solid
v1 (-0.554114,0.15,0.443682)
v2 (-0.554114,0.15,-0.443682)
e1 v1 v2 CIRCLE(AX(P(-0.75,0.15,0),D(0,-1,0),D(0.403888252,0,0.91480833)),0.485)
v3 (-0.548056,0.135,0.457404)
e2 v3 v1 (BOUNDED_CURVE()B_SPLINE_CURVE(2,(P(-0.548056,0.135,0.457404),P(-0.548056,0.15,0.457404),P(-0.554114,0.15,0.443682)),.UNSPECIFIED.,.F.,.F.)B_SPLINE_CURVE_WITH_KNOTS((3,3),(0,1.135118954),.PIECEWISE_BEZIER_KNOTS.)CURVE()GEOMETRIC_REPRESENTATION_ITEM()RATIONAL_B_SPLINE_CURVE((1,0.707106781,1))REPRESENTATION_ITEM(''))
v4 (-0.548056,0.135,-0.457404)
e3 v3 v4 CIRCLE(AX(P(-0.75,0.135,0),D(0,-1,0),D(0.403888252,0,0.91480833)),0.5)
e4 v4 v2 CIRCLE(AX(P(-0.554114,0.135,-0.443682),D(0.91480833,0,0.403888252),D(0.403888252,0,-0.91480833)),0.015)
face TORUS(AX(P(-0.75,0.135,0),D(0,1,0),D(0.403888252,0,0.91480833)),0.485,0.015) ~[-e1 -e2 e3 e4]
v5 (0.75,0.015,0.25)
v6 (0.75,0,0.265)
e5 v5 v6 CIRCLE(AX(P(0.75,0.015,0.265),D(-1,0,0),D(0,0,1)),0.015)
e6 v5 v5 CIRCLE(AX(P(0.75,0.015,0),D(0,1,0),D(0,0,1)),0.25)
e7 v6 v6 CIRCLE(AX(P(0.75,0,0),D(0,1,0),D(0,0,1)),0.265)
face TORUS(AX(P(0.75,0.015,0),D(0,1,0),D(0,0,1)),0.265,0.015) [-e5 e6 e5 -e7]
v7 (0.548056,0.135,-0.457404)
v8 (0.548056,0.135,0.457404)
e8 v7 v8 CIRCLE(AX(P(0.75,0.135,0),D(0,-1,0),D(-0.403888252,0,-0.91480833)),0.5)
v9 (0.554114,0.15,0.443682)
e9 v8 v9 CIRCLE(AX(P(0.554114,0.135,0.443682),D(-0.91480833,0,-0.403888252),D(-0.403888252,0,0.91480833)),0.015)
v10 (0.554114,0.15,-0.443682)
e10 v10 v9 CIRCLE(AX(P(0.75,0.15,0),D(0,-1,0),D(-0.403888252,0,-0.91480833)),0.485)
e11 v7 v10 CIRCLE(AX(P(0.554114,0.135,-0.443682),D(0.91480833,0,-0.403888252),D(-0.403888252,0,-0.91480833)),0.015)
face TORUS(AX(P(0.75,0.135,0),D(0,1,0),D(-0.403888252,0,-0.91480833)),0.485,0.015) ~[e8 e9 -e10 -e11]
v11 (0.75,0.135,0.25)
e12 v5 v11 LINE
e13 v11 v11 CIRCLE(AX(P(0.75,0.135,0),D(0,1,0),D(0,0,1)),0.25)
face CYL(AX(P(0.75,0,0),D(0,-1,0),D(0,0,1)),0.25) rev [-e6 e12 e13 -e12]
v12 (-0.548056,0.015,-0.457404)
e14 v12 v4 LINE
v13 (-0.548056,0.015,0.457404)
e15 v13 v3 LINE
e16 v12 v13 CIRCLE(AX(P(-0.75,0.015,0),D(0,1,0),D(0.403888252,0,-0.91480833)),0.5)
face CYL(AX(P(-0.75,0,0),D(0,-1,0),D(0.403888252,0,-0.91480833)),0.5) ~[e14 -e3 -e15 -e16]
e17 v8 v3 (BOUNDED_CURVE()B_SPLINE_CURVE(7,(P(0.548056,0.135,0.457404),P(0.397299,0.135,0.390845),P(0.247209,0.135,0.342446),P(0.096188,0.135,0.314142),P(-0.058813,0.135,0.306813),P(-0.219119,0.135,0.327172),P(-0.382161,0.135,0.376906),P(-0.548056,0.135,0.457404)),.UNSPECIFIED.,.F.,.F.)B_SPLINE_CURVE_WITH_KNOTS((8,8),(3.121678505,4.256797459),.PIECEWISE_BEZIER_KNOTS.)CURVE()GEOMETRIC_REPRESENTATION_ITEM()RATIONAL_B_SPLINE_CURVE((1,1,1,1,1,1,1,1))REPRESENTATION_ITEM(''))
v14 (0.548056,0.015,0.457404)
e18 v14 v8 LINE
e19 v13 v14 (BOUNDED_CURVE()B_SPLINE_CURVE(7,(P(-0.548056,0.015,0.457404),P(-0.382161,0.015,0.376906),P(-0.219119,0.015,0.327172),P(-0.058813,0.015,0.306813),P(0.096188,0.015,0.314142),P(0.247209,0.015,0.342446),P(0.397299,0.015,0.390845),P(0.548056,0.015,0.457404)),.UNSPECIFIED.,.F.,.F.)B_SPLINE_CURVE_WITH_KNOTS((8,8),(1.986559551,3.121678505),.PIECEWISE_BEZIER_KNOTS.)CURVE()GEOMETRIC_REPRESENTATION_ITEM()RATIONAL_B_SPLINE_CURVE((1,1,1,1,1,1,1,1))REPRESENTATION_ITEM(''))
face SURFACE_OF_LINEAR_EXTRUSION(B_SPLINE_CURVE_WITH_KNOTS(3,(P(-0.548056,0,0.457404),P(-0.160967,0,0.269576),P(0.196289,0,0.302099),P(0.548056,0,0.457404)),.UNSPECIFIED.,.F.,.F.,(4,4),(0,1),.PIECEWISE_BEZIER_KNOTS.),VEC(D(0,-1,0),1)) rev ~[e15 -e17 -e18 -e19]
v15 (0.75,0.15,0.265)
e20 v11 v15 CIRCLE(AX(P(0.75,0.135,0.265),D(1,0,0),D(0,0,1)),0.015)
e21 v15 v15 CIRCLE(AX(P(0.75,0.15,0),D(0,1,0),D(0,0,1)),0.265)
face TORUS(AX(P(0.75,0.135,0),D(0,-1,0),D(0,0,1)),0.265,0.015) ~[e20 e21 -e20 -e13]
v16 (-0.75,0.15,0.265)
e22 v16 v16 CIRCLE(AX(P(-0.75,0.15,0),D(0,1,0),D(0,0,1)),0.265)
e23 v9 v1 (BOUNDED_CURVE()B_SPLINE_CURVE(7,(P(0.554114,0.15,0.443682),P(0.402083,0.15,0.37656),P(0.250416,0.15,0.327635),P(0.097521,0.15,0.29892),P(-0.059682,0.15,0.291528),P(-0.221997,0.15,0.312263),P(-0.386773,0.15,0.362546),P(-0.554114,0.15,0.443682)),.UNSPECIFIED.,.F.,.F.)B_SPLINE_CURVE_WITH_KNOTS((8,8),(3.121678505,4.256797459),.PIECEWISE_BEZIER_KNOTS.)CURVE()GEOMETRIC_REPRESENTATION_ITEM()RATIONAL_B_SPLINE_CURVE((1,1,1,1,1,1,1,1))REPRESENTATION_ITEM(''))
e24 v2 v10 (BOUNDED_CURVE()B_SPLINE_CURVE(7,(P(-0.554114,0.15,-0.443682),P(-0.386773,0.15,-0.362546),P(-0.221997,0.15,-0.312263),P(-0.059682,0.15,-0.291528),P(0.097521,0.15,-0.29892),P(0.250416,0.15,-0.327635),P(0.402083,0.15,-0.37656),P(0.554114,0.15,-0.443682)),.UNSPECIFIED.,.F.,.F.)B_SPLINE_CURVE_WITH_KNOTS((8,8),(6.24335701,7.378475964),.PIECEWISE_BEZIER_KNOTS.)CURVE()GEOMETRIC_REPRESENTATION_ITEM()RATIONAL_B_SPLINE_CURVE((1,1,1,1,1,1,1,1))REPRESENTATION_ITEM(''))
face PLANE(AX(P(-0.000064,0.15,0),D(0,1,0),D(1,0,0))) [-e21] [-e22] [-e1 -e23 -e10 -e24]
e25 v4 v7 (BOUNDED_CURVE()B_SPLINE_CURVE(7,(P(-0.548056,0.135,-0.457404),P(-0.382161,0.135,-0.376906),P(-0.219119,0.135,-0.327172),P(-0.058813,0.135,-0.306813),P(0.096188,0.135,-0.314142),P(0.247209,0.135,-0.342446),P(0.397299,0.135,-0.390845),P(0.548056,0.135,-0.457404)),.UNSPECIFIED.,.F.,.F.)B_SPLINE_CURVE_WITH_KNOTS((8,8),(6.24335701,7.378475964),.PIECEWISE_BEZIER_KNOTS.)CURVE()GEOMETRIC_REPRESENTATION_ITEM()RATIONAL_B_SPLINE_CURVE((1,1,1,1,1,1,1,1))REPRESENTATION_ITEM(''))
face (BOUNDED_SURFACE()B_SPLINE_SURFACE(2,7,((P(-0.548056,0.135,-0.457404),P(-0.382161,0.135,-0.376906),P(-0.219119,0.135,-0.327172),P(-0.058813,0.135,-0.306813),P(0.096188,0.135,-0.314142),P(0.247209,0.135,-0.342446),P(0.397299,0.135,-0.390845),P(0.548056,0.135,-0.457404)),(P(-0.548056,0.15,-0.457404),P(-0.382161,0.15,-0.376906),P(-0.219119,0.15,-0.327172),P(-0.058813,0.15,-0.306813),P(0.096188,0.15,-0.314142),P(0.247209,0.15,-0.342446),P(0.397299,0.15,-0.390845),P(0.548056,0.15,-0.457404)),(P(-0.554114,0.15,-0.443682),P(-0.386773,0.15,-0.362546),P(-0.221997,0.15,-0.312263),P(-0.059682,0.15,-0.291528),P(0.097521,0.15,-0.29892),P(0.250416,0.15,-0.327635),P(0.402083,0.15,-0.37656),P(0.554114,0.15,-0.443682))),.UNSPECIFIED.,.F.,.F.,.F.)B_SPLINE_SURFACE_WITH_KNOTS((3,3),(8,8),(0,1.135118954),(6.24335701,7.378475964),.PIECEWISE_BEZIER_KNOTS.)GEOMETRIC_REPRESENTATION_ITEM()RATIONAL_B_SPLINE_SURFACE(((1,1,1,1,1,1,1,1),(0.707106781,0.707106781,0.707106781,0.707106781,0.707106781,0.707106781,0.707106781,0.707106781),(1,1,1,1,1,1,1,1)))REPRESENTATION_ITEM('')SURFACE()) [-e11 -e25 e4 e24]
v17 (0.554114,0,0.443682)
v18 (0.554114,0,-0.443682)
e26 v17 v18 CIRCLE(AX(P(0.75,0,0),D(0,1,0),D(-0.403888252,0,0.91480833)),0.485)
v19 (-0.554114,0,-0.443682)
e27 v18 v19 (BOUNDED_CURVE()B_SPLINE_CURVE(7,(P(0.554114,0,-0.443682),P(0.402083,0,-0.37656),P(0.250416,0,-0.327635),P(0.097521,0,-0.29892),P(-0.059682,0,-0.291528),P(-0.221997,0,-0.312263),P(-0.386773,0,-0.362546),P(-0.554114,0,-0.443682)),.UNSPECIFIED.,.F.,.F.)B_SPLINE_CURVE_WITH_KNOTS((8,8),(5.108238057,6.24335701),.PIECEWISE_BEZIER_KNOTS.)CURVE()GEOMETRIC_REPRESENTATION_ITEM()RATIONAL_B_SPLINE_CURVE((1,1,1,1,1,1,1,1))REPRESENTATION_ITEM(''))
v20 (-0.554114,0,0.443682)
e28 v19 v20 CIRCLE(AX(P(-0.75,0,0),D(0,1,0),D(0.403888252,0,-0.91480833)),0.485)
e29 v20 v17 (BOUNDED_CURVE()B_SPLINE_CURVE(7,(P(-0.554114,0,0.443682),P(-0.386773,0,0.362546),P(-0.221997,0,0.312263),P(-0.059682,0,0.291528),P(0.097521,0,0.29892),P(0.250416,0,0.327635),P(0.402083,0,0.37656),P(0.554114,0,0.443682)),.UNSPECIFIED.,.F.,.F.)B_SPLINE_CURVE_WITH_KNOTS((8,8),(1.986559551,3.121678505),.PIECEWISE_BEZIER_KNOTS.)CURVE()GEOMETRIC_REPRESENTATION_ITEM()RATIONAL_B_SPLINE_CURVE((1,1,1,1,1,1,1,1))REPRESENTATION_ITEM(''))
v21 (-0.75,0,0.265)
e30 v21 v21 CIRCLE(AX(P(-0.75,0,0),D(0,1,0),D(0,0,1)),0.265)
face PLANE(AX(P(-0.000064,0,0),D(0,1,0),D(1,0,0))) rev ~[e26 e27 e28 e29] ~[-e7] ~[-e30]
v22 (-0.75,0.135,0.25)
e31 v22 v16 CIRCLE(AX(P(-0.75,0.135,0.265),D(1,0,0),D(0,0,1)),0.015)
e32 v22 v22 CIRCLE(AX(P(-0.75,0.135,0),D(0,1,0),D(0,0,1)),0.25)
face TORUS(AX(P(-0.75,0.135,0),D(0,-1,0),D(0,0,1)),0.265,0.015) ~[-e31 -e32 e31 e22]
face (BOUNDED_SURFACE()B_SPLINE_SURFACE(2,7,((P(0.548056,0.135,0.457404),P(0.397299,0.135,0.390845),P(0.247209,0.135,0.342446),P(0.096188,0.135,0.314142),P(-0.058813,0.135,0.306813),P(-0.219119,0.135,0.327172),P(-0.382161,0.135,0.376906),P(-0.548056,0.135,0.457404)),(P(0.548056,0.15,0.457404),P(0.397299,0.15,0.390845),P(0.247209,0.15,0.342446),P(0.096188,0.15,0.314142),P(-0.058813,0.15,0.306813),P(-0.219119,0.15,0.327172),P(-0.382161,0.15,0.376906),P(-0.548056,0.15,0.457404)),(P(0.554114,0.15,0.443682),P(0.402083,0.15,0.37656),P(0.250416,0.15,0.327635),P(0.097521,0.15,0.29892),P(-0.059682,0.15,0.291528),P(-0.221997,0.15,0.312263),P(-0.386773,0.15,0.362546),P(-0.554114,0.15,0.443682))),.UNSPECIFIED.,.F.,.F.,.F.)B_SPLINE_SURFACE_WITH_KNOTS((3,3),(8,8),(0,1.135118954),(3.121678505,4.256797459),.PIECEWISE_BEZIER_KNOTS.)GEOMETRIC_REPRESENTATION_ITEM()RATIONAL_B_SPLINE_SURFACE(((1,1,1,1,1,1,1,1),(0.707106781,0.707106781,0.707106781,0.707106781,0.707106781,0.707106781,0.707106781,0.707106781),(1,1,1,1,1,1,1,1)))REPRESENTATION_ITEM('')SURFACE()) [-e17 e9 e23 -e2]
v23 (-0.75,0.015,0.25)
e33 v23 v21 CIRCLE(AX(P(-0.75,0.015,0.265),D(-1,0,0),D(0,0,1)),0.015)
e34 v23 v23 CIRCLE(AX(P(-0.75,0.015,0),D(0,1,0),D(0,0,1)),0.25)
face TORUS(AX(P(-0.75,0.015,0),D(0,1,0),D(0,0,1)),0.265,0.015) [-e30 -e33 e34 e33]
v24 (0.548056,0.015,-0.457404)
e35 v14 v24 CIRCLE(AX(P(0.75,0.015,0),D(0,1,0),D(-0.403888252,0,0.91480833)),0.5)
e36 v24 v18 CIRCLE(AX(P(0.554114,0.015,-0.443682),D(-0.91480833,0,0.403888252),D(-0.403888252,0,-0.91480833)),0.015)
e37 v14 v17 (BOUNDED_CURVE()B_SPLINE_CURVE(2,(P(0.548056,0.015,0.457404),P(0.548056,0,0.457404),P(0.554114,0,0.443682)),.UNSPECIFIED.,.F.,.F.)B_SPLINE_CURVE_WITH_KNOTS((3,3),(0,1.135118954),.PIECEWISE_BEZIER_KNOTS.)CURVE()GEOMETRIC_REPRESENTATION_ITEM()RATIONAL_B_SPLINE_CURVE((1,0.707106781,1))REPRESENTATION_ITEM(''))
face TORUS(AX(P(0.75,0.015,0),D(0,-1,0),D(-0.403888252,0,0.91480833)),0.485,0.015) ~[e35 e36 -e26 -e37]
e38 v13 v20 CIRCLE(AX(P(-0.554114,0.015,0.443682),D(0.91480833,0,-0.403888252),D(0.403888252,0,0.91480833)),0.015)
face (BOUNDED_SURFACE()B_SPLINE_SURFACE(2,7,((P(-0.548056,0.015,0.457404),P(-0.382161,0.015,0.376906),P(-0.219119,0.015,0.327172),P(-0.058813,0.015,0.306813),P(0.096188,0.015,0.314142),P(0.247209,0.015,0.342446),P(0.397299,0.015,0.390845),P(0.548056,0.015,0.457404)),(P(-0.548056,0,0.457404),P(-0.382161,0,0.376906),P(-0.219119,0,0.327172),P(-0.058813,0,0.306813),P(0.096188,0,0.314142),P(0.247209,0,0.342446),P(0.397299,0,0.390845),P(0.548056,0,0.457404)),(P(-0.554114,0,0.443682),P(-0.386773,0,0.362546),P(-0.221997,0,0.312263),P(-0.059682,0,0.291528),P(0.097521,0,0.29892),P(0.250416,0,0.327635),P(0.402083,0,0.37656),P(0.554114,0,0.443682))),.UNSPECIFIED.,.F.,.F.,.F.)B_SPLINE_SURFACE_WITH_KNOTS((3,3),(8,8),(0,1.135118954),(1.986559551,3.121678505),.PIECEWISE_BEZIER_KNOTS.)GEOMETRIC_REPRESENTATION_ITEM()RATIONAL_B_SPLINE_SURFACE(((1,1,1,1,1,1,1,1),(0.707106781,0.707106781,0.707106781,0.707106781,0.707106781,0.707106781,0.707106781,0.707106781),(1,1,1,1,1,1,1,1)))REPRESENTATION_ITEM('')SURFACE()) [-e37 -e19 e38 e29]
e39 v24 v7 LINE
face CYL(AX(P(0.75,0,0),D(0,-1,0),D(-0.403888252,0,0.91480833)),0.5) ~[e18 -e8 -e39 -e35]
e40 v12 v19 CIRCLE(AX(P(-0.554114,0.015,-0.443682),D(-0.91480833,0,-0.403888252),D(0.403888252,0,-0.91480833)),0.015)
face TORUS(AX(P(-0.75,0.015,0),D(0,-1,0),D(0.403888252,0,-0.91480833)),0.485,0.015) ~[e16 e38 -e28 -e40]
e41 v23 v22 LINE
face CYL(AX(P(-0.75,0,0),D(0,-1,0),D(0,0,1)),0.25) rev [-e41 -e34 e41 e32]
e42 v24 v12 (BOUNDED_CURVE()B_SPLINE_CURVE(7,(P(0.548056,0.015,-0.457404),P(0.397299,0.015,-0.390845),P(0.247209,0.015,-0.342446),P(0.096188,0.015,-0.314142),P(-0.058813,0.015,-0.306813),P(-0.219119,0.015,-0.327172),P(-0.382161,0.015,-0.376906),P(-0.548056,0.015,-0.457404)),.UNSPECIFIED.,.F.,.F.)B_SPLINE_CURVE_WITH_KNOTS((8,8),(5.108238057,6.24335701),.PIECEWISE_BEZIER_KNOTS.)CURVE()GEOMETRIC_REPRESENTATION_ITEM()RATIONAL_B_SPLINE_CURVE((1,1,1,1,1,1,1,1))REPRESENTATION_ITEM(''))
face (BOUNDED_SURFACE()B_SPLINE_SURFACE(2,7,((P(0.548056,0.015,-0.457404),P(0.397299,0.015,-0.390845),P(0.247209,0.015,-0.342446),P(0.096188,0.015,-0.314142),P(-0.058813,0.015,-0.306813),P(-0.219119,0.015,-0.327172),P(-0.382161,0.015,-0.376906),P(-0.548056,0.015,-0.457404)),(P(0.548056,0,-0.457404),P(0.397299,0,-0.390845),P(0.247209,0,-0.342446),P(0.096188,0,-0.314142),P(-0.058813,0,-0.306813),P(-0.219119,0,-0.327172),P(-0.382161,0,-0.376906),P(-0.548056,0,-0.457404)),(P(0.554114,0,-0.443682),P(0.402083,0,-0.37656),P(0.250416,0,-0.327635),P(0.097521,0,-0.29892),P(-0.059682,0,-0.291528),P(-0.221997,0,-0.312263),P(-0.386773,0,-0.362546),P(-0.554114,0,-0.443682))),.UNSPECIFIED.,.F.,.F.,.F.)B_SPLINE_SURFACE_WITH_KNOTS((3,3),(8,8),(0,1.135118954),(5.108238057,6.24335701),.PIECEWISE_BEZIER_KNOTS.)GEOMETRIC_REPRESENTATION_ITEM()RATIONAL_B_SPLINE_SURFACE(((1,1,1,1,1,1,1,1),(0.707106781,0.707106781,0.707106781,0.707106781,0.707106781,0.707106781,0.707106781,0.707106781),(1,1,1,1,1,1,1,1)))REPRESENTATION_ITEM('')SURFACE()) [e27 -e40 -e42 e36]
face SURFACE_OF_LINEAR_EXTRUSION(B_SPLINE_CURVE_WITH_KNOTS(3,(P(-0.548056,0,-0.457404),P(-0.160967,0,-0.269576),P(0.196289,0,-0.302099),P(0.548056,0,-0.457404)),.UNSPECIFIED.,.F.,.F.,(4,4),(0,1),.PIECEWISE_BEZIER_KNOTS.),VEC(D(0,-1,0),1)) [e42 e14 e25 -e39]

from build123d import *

# Parameters (mm, degrees)
SKETCH2_R           = 0.25
BOSS_EXTRUDE1_DEPTH = 0.15
FILLET1_R           = 0.015


with BuildPart() as part:
    # Sketch2 → Boss-Extrude1 (new body)
    with BuildSketch(Plane(origin=(0, 0, 0), x_dir=(1, 0, 0), z_dir=(0, 1, 0))):
        with BuildLine():
            ThreePointArc((-0.548055874, 0.457404165), (-1.25, 0), (-0.548055874, -0.457404165))
            add(Edge.make_bspline(
                [(-0.548055874, -0.457404165), (-0.160967029, -0.26957617), (0.196289379, -0.302099114), (0.548055874, -0.457404165)],
                knots=[0, 0, 0, 0, 1, 1, 1, 1], degree=3))
            ThreePointArc((0.548055874, -0.457404165), (1.25, 0), (0.548055874, 0.457404165))
            add(Edge.make_bspline(
                [(-0.548055874, 0.457404165), (-0.160967029, 0.26957617), (0.196289379, 0.302099114), (0.548055874, 0.457404165)],
                knots=[0, 0, 0, 0, 1, 1, 1, 1], degree=3))
        make_face()
        with Locations(Location((-0.75, 0, 0), (0, 0, 270))):
            Circle(SKETCH2_R, mode=Mode.SUBTRACT)
        with Locations(Location((0.75, 0, 0), (0, 0, 270))):
            Circle(SKETCH2_R, mode=Mode.SUBTRACT)
    extrude(amount=BOSS_EXTRUDE1_DEPTH)

    # Fillet1
    fillet1_edges = [part.edges().sort_by_distance(p)[0] for p in [
        (-0.000624211, 0.15, -0.32850252),
        (-0.75, 0, -0.25),
        (-0.75, 0.15, -0.25),
        (-1.25, 0.15, 0),
        (0.75, 0, -0.25),
        (0.75, 0.15, -0.25),
        (-0.000624211, 0.15, 0.32850252),
        (-1.25, 0, 0),
        (-0.000624211, 0, -0.32850252),
        (1.25, 0, 0),
        (-0.000624211, 0, 0.32850252),
        (1.25, 0.15, 0),
    ]]
    fillet(fillet1_edges, radius=FILLET1_R)


solid = part.part
